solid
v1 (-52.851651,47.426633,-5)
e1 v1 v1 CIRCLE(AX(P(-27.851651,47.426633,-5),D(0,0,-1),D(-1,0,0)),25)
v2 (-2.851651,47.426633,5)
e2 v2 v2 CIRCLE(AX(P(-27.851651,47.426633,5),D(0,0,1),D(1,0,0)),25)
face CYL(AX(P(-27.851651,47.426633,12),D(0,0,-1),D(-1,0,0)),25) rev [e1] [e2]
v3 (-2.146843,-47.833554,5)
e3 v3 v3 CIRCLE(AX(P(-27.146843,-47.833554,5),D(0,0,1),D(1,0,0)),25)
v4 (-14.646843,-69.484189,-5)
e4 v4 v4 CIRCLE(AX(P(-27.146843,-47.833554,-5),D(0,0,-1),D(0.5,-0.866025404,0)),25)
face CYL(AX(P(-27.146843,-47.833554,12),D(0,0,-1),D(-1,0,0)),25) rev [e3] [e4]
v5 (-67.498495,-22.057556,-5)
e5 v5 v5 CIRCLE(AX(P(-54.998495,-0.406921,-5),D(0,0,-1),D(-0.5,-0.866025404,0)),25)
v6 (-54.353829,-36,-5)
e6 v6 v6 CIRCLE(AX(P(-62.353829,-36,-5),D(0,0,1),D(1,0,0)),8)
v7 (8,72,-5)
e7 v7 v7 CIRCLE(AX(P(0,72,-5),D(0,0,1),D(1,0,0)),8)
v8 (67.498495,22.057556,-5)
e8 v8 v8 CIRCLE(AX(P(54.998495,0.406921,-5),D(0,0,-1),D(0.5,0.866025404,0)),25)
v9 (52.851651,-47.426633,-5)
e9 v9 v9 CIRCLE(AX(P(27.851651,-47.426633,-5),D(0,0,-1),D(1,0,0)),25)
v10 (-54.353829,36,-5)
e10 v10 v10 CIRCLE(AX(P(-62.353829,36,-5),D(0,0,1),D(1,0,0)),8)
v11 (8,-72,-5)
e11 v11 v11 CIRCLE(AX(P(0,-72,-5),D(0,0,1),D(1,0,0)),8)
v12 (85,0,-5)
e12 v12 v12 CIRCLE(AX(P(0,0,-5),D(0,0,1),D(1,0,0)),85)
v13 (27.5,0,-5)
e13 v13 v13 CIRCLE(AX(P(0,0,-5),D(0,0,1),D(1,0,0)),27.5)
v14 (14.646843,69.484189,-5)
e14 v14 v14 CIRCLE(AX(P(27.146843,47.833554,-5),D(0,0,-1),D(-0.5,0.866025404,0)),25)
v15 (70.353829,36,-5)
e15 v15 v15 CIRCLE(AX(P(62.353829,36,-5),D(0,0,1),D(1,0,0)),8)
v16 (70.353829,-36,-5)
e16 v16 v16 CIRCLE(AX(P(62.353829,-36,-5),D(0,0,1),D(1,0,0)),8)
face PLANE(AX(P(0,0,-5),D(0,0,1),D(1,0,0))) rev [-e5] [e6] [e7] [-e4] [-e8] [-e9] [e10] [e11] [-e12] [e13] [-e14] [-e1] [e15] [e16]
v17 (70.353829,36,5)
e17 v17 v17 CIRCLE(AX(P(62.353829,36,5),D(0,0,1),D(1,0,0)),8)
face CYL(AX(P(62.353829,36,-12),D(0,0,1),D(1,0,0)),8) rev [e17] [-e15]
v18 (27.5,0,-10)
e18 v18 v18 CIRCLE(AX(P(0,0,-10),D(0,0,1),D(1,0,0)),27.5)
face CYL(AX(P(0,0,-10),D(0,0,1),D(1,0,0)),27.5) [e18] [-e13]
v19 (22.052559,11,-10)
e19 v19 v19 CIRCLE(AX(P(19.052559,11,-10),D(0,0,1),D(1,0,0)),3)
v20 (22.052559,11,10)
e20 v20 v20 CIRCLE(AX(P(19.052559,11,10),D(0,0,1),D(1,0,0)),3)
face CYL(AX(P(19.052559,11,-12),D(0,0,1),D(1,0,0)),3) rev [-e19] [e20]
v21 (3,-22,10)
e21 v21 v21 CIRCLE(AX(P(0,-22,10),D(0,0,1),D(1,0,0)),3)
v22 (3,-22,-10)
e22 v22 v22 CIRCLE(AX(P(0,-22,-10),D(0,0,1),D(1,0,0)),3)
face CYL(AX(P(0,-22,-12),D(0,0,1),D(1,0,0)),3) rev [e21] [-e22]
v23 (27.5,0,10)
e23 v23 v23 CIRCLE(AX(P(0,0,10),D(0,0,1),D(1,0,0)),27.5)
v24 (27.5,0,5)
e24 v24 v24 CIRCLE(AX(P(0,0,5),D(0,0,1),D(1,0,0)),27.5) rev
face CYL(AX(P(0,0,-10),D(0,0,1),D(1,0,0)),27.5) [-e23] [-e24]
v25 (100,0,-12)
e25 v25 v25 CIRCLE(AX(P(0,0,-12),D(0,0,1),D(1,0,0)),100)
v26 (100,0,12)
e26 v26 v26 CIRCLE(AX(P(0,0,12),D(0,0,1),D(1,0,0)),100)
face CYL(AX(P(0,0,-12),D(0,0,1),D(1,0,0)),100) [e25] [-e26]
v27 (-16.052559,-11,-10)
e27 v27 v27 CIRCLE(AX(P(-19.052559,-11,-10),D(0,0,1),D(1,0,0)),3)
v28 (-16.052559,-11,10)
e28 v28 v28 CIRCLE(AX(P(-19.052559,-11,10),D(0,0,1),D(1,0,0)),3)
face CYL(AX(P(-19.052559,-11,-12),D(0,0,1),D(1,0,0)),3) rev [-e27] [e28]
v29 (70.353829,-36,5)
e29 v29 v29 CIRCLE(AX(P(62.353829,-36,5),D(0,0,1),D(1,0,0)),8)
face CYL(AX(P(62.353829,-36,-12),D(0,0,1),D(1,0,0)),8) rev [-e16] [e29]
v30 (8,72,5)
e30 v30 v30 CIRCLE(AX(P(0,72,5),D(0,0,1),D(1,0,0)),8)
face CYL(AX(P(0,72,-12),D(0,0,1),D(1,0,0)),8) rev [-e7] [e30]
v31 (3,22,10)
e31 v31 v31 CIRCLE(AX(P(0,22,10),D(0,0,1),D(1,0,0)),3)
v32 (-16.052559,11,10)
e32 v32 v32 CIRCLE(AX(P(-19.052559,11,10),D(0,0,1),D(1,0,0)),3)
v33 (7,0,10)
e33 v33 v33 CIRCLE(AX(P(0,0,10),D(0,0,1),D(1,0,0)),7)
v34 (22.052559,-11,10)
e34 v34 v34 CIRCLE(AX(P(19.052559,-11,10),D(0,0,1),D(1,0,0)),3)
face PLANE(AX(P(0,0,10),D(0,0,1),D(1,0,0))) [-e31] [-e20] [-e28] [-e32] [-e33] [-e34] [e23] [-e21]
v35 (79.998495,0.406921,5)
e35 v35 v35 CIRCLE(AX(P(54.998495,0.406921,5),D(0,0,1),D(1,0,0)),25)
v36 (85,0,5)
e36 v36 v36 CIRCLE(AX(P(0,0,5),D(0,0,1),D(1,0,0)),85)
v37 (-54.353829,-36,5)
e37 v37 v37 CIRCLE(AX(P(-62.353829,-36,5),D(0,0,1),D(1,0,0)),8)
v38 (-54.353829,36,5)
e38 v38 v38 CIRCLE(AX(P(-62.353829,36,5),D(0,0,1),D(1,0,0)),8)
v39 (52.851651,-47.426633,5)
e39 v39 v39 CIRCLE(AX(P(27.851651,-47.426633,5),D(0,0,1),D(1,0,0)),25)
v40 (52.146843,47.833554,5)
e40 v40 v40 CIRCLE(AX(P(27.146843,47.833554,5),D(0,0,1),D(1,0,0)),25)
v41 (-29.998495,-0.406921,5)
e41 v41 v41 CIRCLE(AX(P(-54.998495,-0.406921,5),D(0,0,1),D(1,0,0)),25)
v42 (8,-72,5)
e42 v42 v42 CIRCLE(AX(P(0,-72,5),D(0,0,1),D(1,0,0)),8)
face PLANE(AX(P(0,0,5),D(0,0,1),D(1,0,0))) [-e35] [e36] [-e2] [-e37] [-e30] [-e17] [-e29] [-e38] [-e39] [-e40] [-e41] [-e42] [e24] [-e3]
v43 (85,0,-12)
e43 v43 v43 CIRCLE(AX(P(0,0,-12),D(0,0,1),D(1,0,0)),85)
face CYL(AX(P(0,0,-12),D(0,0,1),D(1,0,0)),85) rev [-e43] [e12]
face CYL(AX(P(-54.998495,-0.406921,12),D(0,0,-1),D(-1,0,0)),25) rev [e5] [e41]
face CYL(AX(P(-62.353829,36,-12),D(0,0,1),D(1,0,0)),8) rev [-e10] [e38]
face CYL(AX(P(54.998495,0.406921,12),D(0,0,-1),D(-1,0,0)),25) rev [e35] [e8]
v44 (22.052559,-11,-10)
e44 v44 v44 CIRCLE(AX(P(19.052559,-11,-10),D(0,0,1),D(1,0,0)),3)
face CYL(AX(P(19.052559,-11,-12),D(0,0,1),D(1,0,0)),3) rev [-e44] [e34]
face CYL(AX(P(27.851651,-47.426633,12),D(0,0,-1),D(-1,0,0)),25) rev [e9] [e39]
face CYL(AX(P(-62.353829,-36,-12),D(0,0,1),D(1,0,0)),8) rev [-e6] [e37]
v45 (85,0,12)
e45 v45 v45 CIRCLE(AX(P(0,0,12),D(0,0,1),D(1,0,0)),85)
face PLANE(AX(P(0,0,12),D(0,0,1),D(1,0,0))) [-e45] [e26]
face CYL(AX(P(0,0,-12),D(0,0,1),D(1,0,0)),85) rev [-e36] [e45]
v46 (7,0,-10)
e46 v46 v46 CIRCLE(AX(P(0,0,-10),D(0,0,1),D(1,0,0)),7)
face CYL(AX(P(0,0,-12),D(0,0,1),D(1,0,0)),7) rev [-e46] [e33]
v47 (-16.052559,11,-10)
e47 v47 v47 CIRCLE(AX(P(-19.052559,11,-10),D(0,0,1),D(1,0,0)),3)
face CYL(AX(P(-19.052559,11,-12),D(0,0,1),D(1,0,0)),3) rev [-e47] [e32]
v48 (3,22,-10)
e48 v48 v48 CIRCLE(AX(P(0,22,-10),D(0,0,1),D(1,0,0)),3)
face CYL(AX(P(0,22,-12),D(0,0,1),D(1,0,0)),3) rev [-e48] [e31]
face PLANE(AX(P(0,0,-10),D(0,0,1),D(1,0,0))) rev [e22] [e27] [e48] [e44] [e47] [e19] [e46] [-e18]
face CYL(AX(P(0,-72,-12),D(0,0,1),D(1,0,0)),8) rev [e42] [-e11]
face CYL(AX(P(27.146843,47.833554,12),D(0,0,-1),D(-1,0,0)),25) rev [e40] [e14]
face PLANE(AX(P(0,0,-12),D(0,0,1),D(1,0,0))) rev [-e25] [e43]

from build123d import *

# Parameters (mm, degrees)
BOSS_EXTRUDE1_DEPTH      = 10
BOSS_EXTRUDE1_DEPTH_BACK = 10
SKETCH1_R                = 27.5
BOSS_EXTRUDE2_DEPTH      = 12
BOSS_EXTRUDE2_DEPTH_BACK = 12
SKETCH1_3_R              = 100
SKETCH1_3_R_2            = 85
BOSS_EXTRUDE3_DEPTH      = 5
BOSS_EXTRUDE3_DEPTH_BACK = 5
SKETCH1_4_R              = 85
SKETCH1_4_R_2            = 27.5
SKETCH2_R                = 7
CUT_EXTRUDE1_DEPTH       = 144.122325303
SKETCH3_R                = 3
SKETCH3_R_2              = 8
CUT_EXTRUDE2_DEPTH       = 144.122325303
SKETCH4_R                = 25
CUT_EXTRUDE3_DEPTH       = 143.439460825
CIRPATTERN1_COUNT        = 6


with BuildPart() as part:
    # Sketch1 → Boss-Extrude1 (new, two sides: drawn at the far end of the back side and taken through both)
    with BuildSketch(Plane.XY.offset(-BOSS_EXTRUDE1_DEPTH_BACK)):
        Circle(SKETCH1_R)
    extrude(amount=BOSS_EXTRUDE1_DEPTH + BOSS_EXTRUDE1_DEPTH_BACK)



with BuildPart() as body_2:
    # Sketch1<3> → Boss-Extrude2 (new, two sides: drawn at the far end of the back side and taken through both)
    with BuildSketch(Plane.XY.offset(-BOSS_EXTRUDE2_DEPTH_BACK)):
        Circle(SKETCH1_3_R)
        Circle(SKETCH1_3_R_2, mode=Mode.SUBTRACT)
    extrude(amount=BOSS_EXTRUDE2_DEPTH + BOSS_EXTRUDE2_DEPTH_BACK)


with BuildPart() as part_1:
    add(part.part)

    add(body_2.part)  # Boss-Extrude3 merges body 2
    # Sketch1<4> → Boss-Extrude3 (add, two sides: drawn at the far end of the back side and taken through both)
    with BuildSketch(Plane.XY.offset(-BOSS_EXTRUDE3_DEPTH_BACK)):
        Circle(SKETCH1_4_R)
        Circle(SKETCH1_4_R_2, mode=Mode.SUBTRACT)
    extrude(amount=BOSS_EXTRUDE3_DEPTH + BOSS_EXTRUDE3_DEPTH_BACK)

    # Sketch2 → Cut-Extrude1 (cut, through all)
    with BuildSketch(Plane.XY.offset(10)):
        Circle(SKETCH2_R)
    extrude(amount=-CUT_EXTRUDE1_DEPTH, mode=Mode.SUBTRACT)

    # Sketch3 → Cut-Extrude2 (cut, through all)
    with BuildSketch(Plane.XY.offset(10)):
        with Locations((19.052558883, 11)):
            Circle(SKETCH3_R)
        with Locations((19.052558883, -11)):
            Circle(SKETCH3_R)
        with Locations((0, 22)):
            Circle(SKETCH3_R)
        with Locations((0, -22)):
            Circle(SKETCH3_R)
        with Locations((-19.052558883, 11)):
            Circle(SKETCH3_R)
        with Locations((-19.052558883, -11)):
            Circle(SKETCH3_R)
        with Locations((62.353829072, 36)):
            Circle(SKETCH3_R_2)
        with Locations((62.353829072, -36)):
            Circle(SKETCH3_R_2)
        with Locations((0, 72)):
            Circle(SKETCH3_R_2)
        with Locations((0, -72)):
            Circle(SKETCH3_R_2)
        with Locations((-62.353829072, 36)):
            Circle(SKETCH3_R_2)
        with Locations((-62.353829072, -36)):
            Circle(SKETCH3_R_2)
    extrude(amount=-CUT_EXTRUDE2_DEPTH, mode=Mode.SUBTRACT)

    # Sketch4 → Cut-Extrude3 (cut, through all)
    with BuildSketch(Plane(origin=(0, 0, -5), x_dir=(-1, 0, 0), z_dir=(0, 0, -1))):
        with Locations((27.851651468, 47.426632924)):
            Circle(SKETCH4_R)
    cut_extrude3 = extrude(amount=-CUT_EXTRUDE3_DEPTH, mode=Mode.SUBTRACT)

    # CirPattern1: Cut-Extrude3 ×6 about axis
    cirpattern1_axis = Axis((0, 0, -10), (0, 0, 1))
    for i in range(1, CIRPATTERN1_COUNT):
        add(cut_extrude3.rotate(cirpattern1_axis, i * 360 / CIRPATTERN1_COUNT), mode=Mode.SUBTRACT)


solid = part_1.part
